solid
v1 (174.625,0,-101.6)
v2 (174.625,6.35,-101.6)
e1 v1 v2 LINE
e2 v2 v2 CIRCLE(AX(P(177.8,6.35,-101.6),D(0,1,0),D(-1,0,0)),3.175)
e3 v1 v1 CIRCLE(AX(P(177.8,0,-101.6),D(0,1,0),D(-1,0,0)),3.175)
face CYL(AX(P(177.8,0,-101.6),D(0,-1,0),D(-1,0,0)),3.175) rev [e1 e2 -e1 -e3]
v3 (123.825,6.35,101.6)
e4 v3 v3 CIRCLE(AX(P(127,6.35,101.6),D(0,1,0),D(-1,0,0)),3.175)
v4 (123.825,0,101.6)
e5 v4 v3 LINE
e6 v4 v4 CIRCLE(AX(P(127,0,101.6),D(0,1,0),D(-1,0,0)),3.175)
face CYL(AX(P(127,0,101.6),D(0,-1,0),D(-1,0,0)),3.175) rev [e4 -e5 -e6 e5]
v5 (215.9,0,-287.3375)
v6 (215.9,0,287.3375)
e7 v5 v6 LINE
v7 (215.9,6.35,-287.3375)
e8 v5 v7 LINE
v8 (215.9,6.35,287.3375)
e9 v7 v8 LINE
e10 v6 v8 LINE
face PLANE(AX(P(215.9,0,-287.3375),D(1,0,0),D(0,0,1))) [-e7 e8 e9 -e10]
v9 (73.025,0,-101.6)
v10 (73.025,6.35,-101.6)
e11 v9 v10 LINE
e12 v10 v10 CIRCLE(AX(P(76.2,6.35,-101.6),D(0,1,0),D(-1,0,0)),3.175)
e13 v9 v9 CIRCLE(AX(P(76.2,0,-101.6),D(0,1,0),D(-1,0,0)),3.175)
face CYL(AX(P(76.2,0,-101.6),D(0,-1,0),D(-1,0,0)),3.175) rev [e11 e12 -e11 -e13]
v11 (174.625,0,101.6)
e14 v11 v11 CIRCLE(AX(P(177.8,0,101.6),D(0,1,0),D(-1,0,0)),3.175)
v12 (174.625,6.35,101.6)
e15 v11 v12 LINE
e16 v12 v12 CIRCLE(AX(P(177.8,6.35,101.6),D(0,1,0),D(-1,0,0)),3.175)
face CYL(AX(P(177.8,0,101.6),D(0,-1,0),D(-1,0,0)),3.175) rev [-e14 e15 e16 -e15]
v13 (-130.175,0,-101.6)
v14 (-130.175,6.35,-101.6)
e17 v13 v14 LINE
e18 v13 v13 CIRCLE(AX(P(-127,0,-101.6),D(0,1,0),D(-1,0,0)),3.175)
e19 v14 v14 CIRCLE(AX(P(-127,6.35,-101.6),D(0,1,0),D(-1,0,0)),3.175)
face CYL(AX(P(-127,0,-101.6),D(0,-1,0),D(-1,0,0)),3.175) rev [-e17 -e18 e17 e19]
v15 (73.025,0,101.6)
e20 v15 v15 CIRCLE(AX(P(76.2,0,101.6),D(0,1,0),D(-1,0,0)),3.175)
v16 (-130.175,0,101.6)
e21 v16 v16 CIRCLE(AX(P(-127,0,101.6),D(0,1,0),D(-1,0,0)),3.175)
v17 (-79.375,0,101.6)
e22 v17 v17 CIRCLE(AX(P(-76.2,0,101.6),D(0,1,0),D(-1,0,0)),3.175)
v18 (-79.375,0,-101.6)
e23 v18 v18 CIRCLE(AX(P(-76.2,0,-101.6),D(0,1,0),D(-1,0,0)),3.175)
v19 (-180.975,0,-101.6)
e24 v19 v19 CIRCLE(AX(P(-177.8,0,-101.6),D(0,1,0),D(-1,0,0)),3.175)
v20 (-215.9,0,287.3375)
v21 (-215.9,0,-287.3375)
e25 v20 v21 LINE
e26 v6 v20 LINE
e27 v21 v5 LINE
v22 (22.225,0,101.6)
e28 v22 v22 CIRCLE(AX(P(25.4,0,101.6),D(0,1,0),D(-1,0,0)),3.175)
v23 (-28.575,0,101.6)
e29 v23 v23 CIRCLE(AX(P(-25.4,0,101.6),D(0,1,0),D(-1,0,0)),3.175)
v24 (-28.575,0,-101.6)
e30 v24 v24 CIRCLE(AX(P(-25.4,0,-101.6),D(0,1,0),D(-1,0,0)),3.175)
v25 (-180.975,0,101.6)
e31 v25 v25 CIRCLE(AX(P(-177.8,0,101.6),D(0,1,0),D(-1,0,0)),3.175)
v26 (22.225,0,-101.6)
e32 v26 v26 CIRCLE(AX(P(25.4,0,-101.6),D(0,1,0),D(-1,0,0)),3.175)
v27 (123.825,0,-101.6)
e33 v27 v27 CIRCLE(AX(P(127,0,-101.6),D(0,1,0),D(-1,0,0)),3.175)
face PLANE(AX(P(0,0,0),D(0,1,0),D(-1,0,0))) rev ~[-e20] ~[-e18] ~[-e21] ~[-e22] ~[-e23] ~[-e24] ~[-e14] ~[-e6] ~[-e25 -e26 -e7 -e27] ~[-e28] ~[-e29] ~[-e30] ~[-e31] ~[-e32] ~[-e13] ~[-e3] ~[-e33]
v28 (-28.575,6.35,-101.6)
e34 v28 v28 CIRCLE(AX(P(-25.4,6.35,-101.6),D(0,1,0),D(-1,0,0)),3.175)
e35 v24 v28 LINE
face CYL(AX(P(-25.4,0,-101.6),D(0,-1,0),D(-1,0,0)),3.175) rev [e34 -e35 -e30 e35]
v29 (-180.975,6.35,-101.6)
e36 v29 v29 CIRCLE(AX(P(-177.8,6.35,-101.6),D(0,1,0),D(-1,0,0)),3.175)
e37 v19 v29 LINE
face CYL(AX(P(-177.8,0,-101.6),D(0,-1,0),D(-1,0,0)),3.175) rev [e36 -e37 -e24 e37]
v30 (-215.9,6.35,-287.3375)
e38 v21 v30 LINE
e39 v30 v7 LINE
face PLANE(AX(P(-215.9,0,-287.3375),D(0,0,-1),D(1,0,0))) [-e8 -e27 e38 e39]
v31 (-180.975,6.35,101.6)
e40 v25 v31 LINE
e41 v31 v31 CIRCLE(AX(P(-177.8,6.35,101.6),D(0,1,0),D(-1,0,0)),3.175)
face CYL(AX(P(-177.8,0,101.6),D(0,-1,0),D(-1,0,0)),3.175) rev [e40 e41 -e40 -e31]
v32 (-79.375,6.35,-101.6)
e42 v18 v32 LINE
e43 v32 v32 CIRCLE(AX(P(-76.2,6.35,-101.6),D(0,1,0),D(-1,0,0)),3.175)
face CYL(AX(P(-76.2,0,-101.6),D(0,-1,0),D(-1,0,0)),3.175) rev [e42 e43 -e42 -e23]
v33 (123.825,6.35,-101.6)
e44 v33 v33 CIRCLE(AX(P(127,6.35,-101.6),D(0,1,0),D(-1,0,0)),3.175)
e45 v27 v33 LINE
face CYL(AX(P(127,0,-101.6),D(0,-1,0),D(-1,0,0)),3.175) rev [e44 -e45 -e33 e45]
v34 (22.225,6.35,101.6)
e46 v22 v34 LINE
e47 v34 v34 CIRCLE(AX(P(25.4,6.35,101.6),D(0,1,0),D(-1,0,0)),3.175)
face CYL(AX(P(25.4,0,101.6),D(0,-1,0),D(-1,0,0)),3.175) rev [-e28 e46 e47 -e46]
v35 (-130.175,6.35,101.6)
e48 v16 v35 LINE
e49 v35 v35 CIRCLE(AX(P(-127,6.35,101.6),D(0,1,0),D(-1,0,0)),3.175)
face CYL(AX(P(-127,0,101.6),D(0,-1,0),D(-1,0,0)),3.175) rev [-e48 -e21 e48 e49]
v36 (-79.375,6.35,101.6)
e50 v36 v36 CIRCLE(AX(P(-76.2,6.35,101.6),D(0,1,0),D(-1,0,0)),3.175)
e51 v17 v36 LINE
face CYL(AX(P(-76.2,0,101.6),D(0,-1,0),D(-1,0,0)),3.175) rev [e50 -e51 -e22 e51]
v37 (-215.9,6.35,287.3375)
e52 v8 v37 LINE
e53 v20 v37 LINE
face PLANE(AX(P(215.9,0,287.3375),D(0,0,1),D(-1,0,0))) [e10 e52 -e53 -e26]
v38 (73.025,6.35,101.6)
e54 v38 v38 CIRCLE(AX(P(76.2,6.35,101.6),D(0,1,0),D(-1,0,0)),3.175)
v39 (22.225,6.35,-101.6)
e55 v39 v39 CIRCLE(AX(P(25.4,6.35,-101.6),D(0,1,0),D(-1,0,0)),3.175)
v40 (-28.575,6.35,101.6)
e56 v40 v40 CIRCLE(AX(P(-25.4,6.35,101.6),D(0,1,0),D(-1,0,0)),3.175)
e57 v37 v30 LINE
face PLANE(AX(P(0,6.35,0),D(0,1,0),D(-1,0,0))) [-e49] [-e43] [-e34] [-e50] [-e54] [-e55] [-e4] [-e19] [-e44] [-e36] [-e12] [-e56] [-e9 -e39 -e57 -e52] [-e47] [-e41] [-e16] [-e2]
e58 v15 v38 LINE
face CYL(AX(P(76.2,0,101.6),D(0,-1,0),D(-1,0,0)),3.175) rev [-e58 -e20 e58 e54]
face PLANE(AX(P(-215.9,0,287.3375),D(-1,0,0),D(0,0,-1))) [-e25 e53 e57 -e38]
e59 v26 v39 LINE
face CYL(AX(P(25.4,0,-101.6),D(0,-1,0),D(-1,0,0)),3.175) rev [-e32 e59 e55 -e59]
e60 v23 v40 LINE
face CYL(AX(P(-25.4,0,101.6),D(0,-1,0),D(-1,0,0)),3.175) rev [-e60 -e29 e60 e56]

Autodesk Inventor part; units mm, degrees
ref_plane "YZ Plane" through (0, 0, 0) normal (1, 0, 0) x (0, 1, 0)
ref_plane "XZ Plane" through (0, 0, 0) normal (0, 1, 0) x (-1, 0, 0)
ref_plane "XY Plane" through (0, 0, 0) normal (0, 0, 1) x (1, 0, 0)
sketch "Sketch1" plane through (0, 0, 0) normal (0, 1, 0) x (-1, 0, 0)
  line L0 (-215.9, 287.3375) -> (215.9, 287.3375)
  line L1 (215.9, 287.3375) -> (215.9, -287.3375)
  line L2 (215.9, -287.3375) -> (-215.9, -287.3375)
  line L3 (-215.9, -287.3375) -> (-215.9, 287.3375)
  line L4 (-215.9, 287.3375) -> (215.9, -287.3375) construction
  line L5 (215.9, 287.3375) -> (-215.9, -287.3375) construction
  line L6 (330.2, 88.9) -> (-330.2, 88.9) construction
  line L7 (-330.2, 88.9) -> (-330.2, 114.3) construction
  line L8 (-330.2, 114.3) -> (330.2, 114.3) construction
  line L9 (330.2, 114.3) -> (330.2, 88.9) construction
  circle A0 centre (228.6, 101.6) radius 3.175
  line L10 (330.2, 101.6) -> (228.6, 101.6) construction
  line L11 (215.9, 0) -> (-215.9, 0) construction
  circle A1 centre (177.8, 101.6) radius 3.175
  circle A2 centre (127, 101.6) radius 3.175
  circle A3 centre (76.2, 101.6) radius 3.175
  circle A4 centre (25.4, 101.6) radius 3.175
  circle A5 centre (-25.4, 101.6) radius 3.175
  circle A6 centre (-76.2, 101.6) radius 3.175
  circle A7 centre (-127, 101.6) radius 3.175
  circle A8 centre (-177.8, 101.6) radius 3.175
  circle A9 centre (-228.6, 101.6) radius 3.175
  line L12 (330.2, -88.9) -> (-330.2, -88.9) construction
  line L13 (-330.2, -88.9) -> (-330.2, -114.3) construction
  line L14 (-330.2, -114.3) -> (330.2, -114.3) construction
  line L15 (330.2, -114.3) -> (330.2, -88.9) construction
  circle A10 centre (228.6, -101.6) radius 3.175
  circle A11 centre (177.8, -101.6) radius 3.175
  circle A12 centre (127, -101.6) radius 3.175
  circle A13 centre (76.2, -101.6) radius 3.175
  circle A14 centre (25.4, -101.6) radius 3.175
  circle A15 centre (-25.4, -101.6) radius 3.175
  circle A16 centre (-76.2, -101.6) radius 3.175
  circle A17 centre (-127, -101.6) radius 3.175
  circle A18 centre (-177.8, -101.6) radius 3.175
  circle A19 centre (-228.6, -101.6) radius 3.175
  point P0 (0, 0)
  point P1 (-330.2, 101.6)
  dimension "d0" = 431.8
  dimension "d4" = 25.4
  dimension "d7" = 114.3
  dimension "d8" = 6.35
  dimension "d9" = 101.6
  dimension "d10" = 660.4
  dimension "d11" = 330.2
  dimension "d16" = 50.8
  dimension "d22" = 173.0375
extrude "Extrusion1" add sketch "Sketch1" along normal blind 6.35 contours L0 L1 L2 L3
equation "\"d7\" = 0.5 * d6"
equation "\"d11\" = 0.5 * d10"
equation "\"d6\" = 228.6"
properties part number "MotorAttachementPlate"
